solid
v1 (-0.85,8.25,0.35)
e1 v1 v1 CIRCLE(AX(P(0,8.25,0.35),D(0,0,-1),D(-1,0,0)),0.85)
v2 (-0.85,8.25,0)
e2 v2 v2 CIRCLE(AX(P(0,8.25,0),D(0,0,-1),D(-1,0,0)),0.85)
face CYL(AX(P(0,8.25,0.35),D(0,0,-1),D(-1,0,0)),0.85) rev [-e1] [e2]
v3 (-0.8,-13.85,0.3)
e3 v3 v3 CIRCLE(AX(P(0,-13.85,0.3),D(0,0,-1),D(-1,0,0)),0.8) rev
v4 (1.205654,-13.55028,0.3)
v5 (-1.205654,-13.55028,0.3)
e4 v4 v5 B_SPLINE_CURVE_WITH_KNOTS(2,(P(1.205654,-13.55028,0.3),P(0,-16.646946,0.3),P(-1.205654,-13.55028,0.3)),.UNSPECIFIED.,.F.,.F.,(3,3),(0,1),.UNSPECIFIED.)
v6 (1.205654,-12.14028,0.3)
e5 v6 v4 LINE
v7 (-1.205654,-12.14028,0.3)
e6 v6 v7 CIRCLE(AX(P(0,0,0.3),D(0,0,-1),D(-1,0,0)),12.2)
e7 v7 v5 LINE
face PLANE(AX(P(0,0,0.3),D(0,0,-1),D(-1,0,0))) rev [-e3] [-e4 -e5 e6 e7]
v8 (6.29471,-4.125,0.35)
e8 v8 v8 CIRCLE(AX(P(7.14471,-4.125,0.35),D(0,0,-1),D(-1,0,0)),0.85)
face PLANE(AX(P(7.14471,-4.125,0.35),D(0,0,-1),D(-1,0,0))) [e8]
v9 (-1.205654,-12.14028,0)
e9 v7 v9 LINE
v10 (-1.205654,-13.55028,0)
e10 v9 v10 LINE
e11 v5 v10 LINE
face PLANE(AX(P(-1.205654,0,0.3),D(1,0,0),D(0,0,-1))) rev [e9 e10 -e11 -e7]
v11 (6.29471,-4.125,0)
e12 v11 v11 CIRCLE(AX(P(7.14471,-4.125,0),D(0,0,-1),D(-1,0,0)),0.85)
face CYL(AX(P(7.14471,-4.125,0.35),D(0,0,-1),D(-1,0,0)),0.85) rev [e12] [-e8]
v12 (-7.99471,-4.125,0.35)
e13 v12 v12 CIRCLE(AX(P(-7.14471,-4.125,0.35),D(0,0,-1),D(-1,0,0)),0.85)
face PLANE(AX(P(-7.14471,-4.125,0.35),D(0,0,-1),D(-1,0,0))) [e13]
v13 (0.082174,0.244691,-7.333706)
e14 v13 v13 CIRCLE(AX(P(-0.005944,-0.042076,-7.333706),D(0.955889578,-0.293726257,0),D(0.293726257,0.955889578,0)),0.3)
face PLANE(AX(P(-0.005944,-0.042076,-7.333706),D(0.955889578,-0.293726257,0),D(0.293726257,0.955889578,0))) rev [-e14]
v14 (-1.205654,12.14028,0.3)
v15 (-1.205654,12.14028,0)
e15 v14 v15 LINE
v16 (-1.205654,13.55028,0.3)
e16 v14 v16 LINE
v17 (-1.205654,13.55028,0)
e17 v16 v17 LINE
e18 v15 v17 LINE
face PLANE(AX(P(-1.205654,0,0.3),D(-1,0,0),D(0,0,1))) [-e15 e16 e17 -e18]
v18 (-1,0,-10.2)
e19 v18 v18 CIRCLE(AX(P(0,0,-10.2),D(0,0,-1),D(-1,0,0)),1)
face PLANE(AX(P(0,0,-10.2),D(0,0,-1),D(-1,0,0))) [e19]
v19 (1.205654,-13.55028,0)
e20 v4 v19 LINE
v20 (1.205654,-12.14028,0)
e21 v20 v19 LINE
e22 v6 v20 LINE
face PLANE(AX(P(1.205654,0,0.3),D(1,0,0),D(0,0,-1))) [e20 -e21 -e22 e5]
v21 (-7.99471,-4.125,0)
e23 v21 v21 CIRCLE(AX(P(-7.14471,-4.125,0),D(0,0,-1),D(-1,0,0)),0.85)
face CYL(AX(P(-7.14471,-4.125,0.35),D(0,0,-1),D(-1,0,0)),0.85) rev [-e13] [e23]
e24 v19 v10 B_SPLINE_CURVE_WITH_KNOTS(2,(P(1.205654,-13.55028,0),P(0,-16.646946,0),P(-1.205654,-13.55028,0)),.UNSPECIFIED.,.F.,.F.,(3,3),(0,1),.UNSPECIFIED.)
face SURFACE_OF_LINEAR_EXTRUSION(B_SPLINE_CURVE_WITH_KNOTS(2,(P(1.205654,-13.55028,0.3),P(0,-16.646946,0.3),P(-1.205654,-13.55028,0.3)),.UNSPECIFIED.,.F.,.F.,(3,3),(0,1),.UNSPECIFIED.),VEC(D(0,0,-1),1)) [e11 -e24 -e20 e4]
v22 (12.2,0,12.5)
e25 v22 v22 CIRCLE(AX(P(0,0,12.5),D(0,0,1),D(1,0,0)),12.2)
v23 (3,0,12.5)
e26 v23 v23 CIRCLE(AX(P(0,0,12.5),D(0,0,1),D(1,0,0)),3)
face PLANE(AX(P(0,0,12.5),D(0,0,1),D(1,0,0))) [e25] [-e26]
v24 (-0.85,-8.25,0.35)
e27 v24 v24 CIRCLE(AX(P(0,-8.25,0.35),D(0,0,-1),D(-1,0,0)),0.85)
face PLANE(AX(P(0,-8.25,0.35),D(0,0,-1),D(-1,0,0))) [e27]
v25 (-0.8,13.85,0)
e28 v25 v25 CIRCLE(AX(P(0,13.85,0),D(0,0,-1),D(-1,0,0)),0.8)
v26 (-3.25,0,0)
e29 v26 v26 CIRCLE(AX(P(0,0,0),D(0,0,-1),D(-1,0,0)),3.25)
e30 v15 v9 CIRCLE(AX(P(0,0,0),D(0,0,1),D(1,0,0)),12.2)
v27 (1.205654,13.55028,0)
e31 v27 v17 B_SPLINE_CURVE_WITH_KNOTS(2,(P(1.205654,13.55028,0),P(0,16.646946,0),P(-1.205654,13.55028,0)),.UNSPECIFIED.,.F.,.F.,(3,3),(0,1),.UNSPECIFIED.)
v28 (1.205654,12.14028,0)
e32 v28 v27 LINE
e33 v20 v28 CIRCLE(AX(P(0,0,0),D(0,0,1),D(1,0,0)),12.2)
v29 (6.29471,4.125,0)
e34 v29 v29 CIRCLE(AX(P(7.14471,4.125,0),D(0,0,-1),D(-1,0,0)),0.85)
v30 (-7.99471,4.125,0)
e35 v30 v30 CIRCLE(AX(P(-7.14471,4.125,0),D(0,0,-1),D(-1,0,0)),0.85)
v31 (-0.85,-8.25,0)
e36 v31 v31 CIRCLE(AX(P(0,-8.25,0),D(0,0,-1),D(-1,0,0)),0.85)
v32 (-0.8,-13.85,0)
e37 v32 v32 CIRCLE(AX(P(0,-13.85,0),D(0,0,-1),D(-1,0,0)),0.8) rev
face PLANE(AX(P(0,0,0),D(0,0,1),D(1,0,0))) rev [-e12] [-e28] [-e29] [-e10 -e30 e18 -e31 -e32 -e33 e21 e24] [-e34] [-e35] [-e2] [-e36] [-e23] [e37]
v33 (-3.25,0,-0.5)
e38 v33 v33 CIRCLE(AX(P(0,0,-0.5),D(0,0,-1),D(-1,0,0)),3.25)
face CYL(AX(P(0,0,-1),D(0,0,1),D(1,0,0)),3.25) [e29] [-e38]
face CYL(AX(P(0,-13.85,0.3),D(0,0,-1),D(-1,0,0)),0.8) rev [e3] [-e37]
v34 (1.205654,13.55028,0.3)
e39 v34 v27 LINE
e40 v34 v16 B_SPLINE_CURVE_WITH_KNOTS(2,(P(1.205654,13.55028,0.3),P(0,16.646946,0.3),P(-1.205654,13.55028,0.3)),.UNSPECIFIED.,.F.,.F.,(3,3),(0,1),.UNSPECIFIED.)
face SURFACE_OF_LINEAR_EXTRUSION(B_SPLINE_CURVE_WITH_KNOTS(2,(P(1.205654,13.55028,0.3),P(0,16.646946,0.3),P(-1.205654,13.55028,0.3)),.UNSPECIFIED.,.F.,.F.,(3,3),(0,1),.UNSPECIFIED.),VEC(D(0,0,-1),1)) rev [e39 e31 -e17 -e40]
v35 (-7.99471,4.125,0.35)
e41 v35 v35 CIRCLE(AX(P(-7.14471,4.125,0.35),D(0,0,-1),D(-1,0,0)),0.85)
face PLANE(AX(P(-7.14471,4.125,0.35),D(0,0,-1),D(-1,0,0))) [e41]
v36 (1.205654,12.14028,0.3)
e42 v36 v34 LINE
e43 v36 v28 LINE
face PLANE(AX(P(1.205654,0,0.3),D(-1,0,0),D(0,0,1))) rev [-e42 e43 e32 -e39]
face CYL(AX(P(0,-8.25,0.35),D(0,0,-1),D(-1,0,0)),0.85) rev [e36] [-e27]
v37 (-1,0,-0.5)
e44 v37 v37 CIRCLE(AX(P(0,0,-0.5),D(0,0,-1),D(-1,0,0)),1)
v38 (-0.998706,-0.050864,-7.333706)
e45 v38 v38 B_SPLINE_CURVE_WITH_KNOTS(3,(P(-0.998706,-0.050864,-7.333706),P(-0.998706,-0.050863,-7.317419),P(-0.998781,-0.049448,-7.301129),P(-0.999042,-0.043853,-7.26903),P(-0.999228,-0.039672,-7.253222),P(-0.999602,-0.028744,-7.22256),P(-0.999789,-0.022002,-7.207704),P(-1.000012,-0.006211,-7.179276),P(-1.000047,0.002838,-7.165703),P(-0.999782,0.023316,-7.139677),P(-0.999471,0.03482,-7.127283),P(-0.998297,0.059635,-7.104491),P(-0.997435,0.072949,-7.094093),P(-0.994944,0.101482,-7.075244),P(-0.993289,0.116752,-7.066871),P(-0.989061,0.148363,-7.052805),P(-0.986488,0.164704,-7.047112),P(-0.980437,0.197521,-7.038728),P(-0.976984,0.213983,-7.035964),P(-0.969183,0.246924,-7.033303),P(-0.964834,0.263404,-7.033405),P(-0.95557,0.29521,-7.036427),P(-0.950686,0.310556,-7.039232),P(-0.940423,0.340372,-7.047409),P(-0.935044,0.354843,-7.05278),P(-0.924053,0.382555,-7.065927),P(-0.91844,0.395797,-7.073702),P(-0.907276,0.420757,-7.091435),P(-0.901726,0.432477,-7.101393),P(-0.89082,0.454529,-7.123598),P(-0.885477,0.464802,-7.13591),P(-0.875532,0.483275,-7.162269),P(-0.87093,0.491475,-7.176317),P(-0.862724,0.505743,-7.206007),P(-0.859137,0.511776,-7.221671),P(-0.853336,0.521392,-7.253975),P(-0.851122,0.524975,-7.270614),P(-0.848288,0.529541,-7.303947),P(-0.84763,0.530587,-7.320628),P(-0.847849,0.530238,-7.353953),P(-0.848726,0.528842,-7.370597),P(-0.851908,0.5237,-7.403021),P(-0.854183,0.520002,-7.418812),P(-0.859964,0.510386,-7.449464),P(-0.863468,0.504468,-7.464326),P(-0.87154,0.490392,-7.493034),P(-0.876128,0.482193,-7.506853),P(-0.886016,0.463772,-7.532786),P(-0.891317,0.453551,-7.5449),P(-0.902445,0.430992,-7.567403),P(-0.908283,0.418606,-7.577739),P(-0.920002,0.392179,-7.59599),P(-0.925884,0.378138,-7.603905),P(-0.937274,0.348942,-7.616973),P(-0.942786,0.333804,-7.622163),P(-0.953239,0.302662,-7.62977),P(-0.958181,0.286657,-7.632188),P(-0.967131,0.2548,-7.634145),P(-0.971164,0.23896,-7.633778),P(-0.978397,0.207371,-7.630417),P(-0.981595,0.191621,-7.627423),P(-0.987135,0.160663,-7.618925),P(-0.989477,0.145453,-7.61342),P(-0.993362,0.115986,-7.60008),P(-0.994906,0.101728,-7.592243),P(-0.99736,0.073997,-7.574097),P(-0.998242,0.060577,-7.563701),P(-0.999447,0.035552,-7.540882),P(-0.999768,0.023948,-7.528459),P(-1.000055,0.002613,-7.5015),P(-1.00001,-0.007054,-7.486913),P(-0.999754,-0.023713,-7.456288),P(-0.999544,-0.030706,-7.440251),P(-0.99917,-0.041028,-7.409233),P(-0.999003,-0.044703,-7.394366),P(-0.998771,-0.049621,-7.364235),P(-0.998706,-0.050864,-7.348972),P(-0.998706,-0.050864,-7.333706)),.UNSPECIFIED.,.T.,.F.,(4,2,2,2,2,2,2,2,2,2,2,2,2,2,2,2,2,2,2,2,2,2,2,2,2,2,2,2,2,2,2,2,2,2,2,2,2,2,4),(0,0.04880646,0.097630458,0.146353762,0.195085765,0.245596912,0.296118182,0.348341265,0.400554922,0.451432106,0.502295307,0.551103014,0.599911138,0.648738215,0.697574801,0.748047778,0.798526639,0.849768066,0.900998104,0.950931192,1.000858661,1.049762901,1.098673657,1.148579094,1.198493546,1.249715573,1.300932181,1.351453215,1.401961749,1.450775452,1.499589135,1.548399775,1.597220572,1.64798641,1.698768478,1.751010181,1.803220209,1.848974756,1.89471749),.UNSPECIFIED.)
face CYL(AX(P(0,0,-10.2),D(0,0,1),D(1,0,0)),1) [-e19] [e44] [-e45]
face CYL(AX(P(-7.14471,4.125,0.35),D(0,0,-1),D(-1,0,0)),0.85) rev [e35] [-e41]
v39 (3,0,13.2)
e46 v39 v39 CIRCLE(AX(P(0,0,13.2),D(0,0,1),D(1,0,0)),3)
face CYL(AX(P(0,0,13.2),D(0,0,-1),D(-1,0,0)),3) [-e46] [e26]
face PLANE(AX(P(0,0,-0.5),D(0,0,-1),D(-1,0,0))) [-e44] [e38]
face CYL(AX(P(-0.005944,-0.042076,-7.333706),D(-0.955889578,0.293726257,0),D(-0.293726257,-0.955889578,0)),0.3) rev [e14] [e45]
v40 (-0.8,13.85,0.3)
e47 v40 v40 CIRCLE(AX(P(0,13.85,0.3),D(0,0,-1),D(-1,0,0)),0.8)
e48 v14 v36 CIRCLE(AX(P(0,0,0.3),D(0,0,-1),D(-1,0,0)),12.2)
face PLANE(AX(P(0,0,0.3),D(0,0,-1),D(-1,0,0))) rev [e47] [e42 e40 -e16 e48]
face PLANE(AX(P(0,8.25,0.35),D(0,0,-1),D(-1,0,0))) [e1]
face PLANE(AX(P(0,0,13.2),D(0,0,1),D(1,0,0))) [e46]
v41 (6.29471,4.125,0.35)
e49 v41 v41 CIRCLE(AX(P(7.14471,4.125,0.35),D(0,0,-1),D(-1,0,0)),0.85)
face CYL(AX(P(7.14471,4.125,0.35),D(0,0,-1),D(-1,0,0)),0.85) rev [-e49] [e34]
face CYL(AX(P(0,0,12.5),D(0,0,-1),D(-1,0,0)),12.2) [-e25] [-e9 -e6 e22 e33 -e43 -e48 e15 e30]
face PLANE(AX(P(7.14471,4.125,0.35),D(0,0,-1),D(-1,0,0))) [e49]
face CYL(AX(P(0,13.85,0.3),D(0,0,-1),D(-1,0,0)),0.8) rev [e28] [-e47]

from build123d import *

# Parameters (mm, degrees)
SKETCH_1_R               = 12.2
EXTRUDE_1_DEPTH          = 12.5
SKETCH_2_R               = 3
EXTRUDE_2_DEPTH          = 0.7
SKETCH_3_R               = 3.25
EXTRUDE_3_DEPTH          = 1
SKETCH_4_R               = 1
EXTRUDE_4_DEPTH          = 9.2
SKETCH_5_R               = 0.85
CUT_EXTRUDE_1_DEPTH      = 0.35
SKETCH_9_R               = 0.8
EXTRUDE_7_DEPTH          = 0.3
CUT_EXTRUDE_START        = -0.5
SKETCH_10_R              = 3.25
SKETCH_10_R_2            = 1
CUT_EXTRUDE_3_DEPTH      = 0.5
CUT_EXTRUDE_4_DEPTH      = 2
CUT_EXTRUDE_4_DEPTH_BACK = 0.2
SKETCH_11_R              = 0.3


with BuildPart() as part:
    # 草图1 → 凸台-拉伸1 (new body)
    with BuildSketch(Plane.XY):
        Circle(SKETCH_1_R)
    extrude(amount=EXTRUDE_1_DEPTH)

    # 草图2 → 凸台-拉伸2 (add)
    with BuildSketch(Plane.XY.offset(12.5)):
        Circle(SKETCH_2_R)
    extrude(amount=EXTRUDE_2_DEPTH)

    # 草图3 → 凸台-拉伸3 (add)
    with BuildSketch(Plane(origin=(0, 0, 0), x_dir=(-1, 0, 0), z_dir=(0, 0, -1))):
        Circle(SKETCH_3_R)
    extrude(amount=EXTRUDE_3_DEPTH)

    # 草图4 → 凸台-拉伸4 (add)
    with BuildSketch(Plane(origin=(0, 0, -1), x_dir=(-1, 0, 0), z_dir=(0, 0, -1))):
        Circle(SKETCH_4_R)
    extrude(amount=EXTRUDE_4_DEPTH)

    # 草图5 → 切除-拉伸1 (cut)
    with BuildSketch(Plane(origin=(0, 0, 0), x_dir=(-1, 0, 0), z_dir=(0, 0, -1))):
        with Locations((0, 8.25)):
            Circle(SKETCH_5_R)
        with Locations((7.144709581, 4.125)):
            Circle(SKETCH_5_R)
        with Locations((7.144709581, -4.125)):
            Circle(SKETCH_5_R)
        with Locations((0, -8.25)):
            Circle(SKETCH_5_R)
        with Locations((-7.144709581, -4.125)):
            Circle(SKETCH_5_R)
        with Locations((-7.144709581, 4.125)):
            Circle(SKETCH_5_R)
    extrude(amount=-CUT_EXTRUDE_1_DEPTH, mode=Mode.SUBTRACT)

    # 草图9 → 凸台-拉伸7 (add)
    # profile 1 of 2: a face of its own
    with BuildSketch(Plane(origin=(0, 0, 0), x_dir=(-1, 0, 0), z_dir=(0, 0, -1))):
        with BuildLine():
            Line((-1.205654287, 13.55027997), (-1.205654287, 12.14027997))
            add(Edge.make_bspline(
                [(-1.205654287, 12.14027997), (0, 12.25972003), (1.205654287, 12.14027997)],
                knots=[0, 0, 0, 1, 1, 1], degree=2))
            Line((1.205654287, 12.14027997), (1.205654287, 13.55027997))
            add(Edge.make_bspline(
                [(-1.205654287, 13.55027997), (0, 16.646945855), (1.205654287, 13.55027997)],
                knots=[0, 0, 0, 1, 1, 1], degree=2))
        make_face()
        with Locations((0, 13.85)):
            Circle(SKETCH_9_R, mode=Mode.SUBTRACT)
    # profile 2 of 2: a face of its own
    with BuildSketch(Plane(origin=(0, 0, 0), x_dir=(-1, 0, 0), z_dir=(0, 0, -1))):
        with BuildLine():
            Line((1.205654287, -13.55027997), (1.205654287, -12.14027997))
            add(Edge.make_bspline(
                [(-1.205654287, -12.14027997), (0, -12.25972003), (1.205654287, -12.14027997)],
                knots=[0, 0, 0, 1, 1, 1], degree=2))
            Line((-1.205654287, -12.14027997), (-1.205654287, -13.55027997))
            add(Edge.make_bspline(
                [(-1.205654287, -13.55027997), (0, -16.646945855), (1.205654287, -13.55027997)],
                knots=[0, 0, 0, 1, 1, 1], degree=2))
        make_face()
        with Locations((0, -13.85)):
            Circle(SKETCH_9_R, mode=Mode.SUBTRACT)
    extrude(amount=-EXTRUDE_7_DEPTH)

    # 草图10 → 切除-拉伸3 (cut)
    with BuildSketch(Plane(origin=(0, 0, -1), x_dir=(-1, 0, 0), z_dir=(0, 0, -1)).offset(CUT_EXTRUDE_START)):
        Circle(SKETCH_10_R)
        Circle(SKETCH_10_R_2, mode=Mode.SUBTRACT)
    extrude(amount=CUT_EXTRUDE_3_DEPTH, mode=Mode.SUBTRACT)

    # 草图11 → 切除-拉伸4 (cut, two sides: drawn at the far end of the back side and taken through both)
    with BuildSketch(Plane(origin=(-21.214961085, -62.254689725, -57.176272609), x_dir=(0, 0, 1), z_dir=(0.9558895782864368, -0.2937262571228151, 2.460292199088584e-14)).offset(-CUT_EXTRUDE_4_DEPTH_BACK)):
        with Locations(Location((49.842566165, -65.698034164, 0), (0, 0, 90))):
            Circle(SKETCH_11_R)
    extrude(amount=CUT_EXTRUDE_4_DEPTH + CUT_EXTRUDE_4_DEPTH_BACK, mode=Mode.SUBTRACT)


solid = part.part
